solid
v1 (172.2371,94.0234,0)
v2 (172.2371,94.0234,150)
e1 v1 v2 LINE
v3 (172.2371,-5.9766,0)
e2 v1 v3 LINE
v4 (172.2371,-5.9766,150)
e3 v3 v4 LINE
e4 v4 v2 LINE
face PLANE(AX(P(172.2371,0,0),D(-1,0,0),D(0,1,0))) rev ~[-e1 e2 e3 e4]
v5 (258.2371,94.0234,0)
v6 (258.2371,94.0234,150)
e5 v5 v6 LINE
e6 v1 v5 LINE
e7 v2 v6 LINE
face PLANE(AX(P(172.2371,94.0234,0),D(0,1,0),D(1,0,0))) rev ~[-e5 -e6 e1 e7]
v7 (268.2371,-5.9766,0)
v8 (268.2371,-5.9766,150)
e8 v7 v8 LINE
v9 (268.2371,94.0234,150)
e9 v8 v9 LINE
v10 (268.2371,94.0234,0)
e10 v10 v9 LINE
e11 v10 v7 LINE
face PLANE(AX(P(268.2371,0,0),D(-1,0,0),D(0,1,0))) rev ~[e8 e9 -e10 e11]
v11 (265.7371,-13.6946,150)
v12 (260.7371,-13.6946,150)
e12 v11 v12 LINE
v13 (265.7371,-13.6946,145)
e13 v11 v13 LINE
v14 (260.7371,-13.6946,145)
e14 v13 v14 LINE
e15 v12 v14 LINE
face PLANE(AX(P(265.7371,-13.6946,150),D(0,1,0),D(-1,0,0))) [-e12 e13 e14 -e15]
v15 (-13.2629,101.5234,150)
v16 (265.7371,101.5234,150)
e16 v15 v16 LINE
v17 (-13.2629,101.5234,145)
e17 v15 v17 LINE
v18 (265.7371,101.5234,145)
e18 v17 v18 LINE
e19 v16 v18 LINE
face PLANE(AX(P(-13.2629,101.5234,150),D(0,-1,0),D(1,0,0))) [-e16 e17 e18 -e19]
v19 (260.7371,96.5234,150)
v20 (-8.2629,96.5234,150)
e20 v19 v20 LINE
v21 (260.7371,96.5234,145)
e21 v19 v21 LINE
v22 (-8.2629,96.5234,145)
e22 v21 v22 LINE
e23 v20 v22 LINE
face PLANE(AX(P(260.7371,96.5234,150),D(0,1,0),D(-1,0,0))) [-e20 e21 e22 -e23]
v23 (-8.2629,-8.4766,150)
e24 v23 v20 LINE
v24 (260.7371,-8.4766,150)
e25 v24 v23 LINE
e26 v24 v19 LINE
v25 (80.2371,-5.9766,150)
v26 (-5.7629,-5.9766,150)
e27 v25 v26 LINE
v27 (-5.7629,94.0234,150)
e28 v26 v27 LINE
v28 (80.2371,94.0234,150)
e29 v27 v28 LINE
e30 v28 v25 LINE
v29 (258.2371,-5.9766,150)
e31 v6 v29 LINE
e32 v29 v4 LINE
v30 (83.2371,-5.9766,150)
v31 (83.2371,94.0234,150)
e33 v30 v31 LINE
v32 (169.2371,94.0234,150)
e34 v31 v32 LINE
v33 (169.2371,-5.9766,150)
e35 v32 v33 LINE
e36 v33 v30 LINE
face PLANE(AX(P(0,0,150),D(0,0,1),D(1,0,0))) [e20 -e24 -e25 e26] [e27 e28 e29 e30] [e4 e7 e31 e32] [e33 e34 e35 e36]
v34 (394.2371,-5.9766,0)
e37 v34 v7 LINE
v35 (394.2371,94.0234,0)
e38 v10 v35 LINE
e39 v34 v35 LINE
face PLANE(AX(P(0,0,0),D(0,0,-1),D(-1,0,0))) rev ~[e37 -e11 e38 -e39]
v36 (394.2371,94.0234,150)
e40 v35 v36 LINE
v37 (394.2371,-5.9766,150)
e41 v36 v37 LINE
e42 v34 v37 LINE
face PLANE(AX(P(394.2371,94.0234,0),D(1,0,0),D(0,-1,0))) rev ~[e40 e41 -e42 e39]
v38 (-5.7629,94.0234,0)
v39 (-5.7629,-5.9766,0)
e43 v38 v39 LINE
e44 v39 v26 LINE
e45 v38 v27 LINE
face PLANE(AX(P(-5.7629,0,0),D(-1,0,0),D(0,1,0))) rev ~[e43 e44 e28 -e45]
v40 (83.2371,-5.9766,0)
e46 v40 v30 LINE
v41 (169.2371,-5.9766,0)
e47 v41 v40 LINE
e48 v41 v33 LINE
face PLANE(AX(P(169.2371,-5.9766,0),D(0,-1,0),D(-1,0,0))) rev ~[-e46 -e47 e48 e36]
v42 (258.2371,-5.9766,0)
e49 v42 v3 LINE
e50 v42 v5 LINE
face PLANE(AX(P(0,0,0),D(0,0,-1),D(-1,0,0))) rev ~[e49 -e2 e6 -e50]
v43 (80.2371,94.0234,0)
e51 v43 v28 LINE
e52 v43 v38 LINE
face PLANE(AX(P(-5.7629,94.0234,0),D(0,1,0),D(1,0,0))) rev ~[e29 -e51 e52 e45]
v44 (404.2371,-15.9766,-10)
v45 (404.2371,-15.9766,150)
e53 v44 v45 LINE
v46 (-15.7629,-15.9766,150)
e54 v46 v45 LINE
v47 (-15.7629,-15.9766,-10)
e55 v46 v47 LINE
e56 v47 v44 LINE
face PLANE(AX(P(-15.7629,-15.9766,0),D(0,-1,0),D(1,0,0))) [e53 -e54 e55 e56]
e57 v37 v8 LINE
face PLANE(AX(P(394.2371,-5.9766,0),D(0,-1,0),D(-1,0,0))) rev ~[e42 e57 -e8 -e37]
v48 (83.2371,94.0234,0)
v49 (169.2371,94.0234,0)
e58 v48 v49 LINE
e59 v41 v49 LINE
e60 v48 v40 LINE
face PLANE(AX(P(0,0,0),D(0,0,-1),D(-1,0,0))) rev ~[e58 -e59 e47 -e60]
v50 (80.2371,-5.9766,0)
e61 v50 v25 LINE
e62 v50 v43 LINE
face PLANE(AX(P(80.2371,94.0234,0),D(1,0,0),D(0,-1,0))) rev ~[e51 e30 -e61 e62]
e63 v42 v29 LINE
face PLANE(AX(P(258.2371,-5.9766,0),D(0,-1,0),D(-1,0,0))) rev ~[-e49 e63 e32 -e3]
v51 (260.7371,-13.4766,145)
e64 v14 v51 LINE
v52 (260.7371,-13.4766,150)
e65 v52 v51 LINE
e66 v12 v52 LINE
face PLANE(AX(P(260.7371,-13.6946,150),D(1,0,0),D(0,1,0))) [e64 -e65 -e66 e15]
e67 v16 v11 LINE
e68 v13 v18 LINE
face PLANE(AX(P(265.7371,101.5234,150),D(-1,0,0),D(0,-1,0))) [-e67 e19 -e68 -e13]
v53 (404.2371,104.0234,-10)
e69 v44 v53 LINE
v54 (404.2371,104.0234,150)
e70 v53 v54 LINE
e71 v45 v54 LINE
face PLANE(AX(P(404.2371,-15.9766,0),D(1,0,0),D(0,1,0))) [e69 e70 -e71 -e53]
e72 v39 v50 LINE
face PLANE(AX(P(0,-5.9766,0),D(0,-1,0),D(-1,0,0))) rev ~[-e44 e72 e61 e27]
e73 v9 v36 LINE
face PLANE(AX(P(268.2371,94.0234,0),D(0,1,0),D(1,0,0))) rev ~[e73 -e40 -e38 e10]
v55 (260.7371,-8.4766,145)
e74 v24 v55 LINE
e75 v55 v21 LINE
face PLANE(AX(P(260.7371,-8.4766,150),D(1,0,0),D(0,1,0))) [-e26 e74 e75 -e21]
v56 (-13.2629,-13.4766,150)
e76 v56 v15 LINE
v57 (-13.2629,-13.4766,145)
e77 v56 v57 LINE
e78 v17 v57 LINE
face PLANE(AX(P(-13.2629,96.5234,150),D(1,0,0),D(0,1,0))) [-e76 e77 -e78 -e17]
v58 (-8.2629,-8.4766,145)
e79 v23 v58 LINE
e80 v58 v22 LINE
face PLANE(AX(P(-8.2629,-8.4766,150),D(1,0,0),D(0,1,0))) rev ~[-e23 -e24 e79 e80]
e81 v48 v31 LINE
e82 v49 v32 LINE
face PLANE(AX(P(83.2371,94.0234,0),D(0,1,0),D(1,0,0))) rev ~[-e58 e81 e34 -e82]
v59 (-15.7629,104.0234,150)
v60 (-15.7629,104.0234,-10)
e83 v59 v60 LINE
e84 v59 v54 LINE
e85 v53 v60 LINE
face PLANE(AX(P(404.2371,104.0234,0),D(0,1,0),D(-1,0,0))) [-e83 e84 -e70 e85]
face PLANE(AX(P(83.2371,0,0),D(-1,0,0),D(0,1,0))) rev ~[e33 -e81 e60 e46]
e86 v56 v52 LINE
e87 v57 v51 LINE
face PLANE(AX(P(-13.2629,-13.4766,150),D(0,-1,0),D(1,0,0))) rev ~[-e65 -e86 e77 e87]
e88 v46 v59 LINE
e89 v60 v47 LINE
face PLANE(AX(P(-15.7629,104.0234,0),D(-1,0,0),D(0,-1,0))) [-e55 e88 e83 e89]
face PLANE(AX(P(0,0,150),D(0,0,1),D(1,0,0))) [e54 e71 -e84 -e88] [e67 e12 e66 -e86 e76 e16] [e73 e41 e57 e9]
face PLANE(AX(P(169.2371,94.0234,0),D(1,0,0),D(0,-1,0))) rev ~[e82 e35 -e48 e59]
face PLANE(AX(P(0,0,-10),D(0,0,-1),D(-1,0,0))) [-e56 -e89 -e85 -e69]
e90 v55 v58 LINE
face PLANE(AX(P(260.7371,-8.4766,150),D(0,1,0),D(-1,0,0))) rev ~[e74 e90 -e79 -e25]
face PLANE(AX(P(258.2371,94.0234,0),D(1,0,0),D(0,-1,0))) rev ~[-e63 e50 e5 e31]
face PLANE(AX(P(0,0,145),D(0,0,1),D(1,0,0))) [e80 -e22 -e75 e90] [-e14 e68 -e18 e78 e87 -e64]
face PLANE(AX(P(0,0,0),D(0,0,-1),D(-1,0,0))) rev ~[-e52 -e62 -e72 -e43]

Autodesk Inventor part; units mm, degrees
ref_plane "YZ Plane" through (0, 0, 0) normal (1, 0, 0) x (0, 1, 0)
ref_plane "XZ Plane" through (0, 0, 0) normal (0, 1, 0) x (-1, 0, 0)
ref_plane "XY Plane" through (0, 0, 0) normal (0, 0, 1) x (1, 0, 0)
sketch "Skizze1" plane through (0, 0, 0) normal (0, 0, 1) x (1, 0, 0)
  line L0 (-99.7629, 0) -> (488.2371, 0) projected
  line L1 (0, -39.9766) -> (0, 128.0234) projected
  line L2 (-5.7629, 94.0234) -> (394.2371, 94.0234)
  line L3 (394.2371, 94.0234) -> (394.2371, -5.9766)
  line L4 (394.2371, -5.9766) -> (-5.7629, -5.9766)
  line L5 (-5.7629, -5.9766) -> (-5.7629, 94.0234)
  line L6 (80.2371, 94.0234) -> (80.2371, -5.9766)
  line L7 (83.2371, -5.9766) -> (83.2371, 94.0234)
  line L8 (169.2371, 94.0234) -> (169.2371, -5.9766)
  line L9 (172.2371, -5.9766) -> (172.2371, 94.0234)
  line L10 (258.2371, 94.0234) -> (258.2371, -5.9766)
  line L11 (268.2371, -5.9766) -> (268.2371, 94.0234)
  line L12 (-15.7629, 104.0234) -> (404.2371, 104.0234)
  line L13 (404.2371, 104.0234) -> (404.2371, -15.9766)
  line L14 (404.2371, -15.9766) -> (-15.7629, -15.9766)
  line L15 (-15.7629, -15.9766) -> (-15.7629, 104.0234)
  point P0 (0, 0)
  point P1 (274.2371, 94.0234)
  point P2 (180.9371, 94.0234)
  point P3 (87.6371, 94.0234)
  dimension "d0" = 100
  dimension "d1" = 400
  dimension "d2" = 120
  dimension "d11" = 10
  dimension "d12" = 10
  dimension "d13" = 10
  dimension "d14" = 10
  dimension "d20" = 86
  dimension "d21" = 86
  dimension "d22" = 86
  dimension "d23" = 3
  dimension "d24" = 3
  dimension "d25" = 10
extrude "Extrusion1" add sketch "Skizze1" along normal blind 150 contours L15 L12 L1 L2 L5 L0 | L0 L5 L4 L1 L14 L15 | L1 L4 L3 L0 L13 L14 | L12 L13 L0 L3 L2 L1 | L6 L2 L7 L0 | L0 L7 L4 L6 | L8 L2 L9 L0 | L0 L9 L4 L8 | L11 L4 L10 L0 | L0 L10 L2 L11
sketch "Skizze2" plane through (0, 0, 0) normal (0, 0, -1) x (-1, 0, 0)
  line L0 (15.7629, -15.9766) -> (-404.2371, -15.9766) projected
  line L1 (-404.2371, -15.9766) -> (-404.2371, 104.0234) projected
  line L2 (15.7629, -15.9766) -> (-404.2371, -15.9766)
  line L3 (-404.2371, -15.9766) -> (-404.2371, 104.0234)
  line L4 (-404.2371, 104.0234) -> (15.7629, 104.0234)
  line L5 (15.7629, 104.0234) -> (15.7629, -15.9766)
  point P0 (0, 0)
extrude "Extrusion2" add sketch "Skizze2" along normal blind 10
sketch "Skizze3" plane through (80.2371, -5.9766, 150) normal (-1, 0, 0) x (0, 0, 1)
  point P0 (-150, 5.9766)
sketch "Skizze4" plane through (0, 0, 150) normal (0, 0, 1) x (1, 0, 0)
  line L0 (-13.2629, 101.5234) -> (265.7371, 101.5234)
  line L1 (265.7371, 101.5234) -> (265.7371, 96.5234)
  line L2 (265.7371, 96.5234) -> (-13.2629, 96.5234)
  line L3 (-13.2629, 96.5234) -> (-13.2629, 101.5234)
  line L4 (260.7371, 96.5234) -> (265.7371, 96.5234)
  line L5 (265.7371, 96.5234) -> (265.7371, -13.6946)
  line L6 (265.7371, -13.6946) -> (260.7371, -13.6946)
  line L7 (260.7371, -13.6946) -> (260.7371, 96.5234)
  line L8 (260.7371, -8.4766) -> (-13.2629, -8.4766)
  line L9 (-13.2629, -8.4766) -> (-13.2629, -13.4766)
  line L10 (-13.2629, -13.4766) -> (260.7371, -13.4766)
  line L11 (260.7371, -13.4766) -> (260.7371, -8.4766)
  line L12 (-13.2629, -8.4766) -> (-8.2629, -8.4766)
  line L13 (-8.2629, -8.4766) -> (-8.2629, 96.5234)
  line L14 (-8.2629, 96.5234) -> (-13.2629, 96.5234)
  line L15 (-13.2629, 96.5234) -> (-13.2629, -8.4766)
  line L16 (404.2371, 104.0234) -> (-15.7629, 104.0234) projected
  line L17 (-5.7629, 94.0234) -> (80.2371, 94.0234) projected
  line L18 (-5.7629, -5.9766) -> (-5.7629, 94.0234) projected
  line L19 (-15.7629, 104.0234) -> (-15.7629, -15.9766) projected
  line L20 (80.2371, -5.9766) -> (-5.7629, -5.9766) projected
  line L21 (-15.7629, -15.9766) -> (404.2371, -15.9766) projected
  line L22 (258.2371, 94.0234) -> (258.2371, -5.9766) projected
  line L23 (268.2371, -5.9766) -> (268.2371, 94.0234) projected
  point P0 (0, 0)
  point P1 (400.2371, 104.0234)
  point P2 (-11.7629, 104.0234)
  point P3 (-15.7629, 100.0234)
  point P4 (-15.7629, -11.9766)
  point P5 (-11.7629, -15.9766)
  point P6 (400.2371, -15.9766)
  point P7 (-13.2629, 96.5234)
  dimension "d26" = 2.5
  dimension "d27" = 2.5
  dimension "d28" = 2.5
  dimension "d29" = 2.5
  dimension "d30" = 2.5
  dimension "d31" = 2.5
  dimension "d32" = 2.5
  dimension "d33" = 2.5
  dimension "d34" = 2.5
extrude "Extrusion3" cut sketch "Skizze4" against normal blind 5 contours L0 L1 L2 L3 | L2 L13 L8 L15 | L5 L6 L7 L2 | L8 L7 L10 L9
properties part number "3Eier_größer" material "Acetalharz, Schwarz"
